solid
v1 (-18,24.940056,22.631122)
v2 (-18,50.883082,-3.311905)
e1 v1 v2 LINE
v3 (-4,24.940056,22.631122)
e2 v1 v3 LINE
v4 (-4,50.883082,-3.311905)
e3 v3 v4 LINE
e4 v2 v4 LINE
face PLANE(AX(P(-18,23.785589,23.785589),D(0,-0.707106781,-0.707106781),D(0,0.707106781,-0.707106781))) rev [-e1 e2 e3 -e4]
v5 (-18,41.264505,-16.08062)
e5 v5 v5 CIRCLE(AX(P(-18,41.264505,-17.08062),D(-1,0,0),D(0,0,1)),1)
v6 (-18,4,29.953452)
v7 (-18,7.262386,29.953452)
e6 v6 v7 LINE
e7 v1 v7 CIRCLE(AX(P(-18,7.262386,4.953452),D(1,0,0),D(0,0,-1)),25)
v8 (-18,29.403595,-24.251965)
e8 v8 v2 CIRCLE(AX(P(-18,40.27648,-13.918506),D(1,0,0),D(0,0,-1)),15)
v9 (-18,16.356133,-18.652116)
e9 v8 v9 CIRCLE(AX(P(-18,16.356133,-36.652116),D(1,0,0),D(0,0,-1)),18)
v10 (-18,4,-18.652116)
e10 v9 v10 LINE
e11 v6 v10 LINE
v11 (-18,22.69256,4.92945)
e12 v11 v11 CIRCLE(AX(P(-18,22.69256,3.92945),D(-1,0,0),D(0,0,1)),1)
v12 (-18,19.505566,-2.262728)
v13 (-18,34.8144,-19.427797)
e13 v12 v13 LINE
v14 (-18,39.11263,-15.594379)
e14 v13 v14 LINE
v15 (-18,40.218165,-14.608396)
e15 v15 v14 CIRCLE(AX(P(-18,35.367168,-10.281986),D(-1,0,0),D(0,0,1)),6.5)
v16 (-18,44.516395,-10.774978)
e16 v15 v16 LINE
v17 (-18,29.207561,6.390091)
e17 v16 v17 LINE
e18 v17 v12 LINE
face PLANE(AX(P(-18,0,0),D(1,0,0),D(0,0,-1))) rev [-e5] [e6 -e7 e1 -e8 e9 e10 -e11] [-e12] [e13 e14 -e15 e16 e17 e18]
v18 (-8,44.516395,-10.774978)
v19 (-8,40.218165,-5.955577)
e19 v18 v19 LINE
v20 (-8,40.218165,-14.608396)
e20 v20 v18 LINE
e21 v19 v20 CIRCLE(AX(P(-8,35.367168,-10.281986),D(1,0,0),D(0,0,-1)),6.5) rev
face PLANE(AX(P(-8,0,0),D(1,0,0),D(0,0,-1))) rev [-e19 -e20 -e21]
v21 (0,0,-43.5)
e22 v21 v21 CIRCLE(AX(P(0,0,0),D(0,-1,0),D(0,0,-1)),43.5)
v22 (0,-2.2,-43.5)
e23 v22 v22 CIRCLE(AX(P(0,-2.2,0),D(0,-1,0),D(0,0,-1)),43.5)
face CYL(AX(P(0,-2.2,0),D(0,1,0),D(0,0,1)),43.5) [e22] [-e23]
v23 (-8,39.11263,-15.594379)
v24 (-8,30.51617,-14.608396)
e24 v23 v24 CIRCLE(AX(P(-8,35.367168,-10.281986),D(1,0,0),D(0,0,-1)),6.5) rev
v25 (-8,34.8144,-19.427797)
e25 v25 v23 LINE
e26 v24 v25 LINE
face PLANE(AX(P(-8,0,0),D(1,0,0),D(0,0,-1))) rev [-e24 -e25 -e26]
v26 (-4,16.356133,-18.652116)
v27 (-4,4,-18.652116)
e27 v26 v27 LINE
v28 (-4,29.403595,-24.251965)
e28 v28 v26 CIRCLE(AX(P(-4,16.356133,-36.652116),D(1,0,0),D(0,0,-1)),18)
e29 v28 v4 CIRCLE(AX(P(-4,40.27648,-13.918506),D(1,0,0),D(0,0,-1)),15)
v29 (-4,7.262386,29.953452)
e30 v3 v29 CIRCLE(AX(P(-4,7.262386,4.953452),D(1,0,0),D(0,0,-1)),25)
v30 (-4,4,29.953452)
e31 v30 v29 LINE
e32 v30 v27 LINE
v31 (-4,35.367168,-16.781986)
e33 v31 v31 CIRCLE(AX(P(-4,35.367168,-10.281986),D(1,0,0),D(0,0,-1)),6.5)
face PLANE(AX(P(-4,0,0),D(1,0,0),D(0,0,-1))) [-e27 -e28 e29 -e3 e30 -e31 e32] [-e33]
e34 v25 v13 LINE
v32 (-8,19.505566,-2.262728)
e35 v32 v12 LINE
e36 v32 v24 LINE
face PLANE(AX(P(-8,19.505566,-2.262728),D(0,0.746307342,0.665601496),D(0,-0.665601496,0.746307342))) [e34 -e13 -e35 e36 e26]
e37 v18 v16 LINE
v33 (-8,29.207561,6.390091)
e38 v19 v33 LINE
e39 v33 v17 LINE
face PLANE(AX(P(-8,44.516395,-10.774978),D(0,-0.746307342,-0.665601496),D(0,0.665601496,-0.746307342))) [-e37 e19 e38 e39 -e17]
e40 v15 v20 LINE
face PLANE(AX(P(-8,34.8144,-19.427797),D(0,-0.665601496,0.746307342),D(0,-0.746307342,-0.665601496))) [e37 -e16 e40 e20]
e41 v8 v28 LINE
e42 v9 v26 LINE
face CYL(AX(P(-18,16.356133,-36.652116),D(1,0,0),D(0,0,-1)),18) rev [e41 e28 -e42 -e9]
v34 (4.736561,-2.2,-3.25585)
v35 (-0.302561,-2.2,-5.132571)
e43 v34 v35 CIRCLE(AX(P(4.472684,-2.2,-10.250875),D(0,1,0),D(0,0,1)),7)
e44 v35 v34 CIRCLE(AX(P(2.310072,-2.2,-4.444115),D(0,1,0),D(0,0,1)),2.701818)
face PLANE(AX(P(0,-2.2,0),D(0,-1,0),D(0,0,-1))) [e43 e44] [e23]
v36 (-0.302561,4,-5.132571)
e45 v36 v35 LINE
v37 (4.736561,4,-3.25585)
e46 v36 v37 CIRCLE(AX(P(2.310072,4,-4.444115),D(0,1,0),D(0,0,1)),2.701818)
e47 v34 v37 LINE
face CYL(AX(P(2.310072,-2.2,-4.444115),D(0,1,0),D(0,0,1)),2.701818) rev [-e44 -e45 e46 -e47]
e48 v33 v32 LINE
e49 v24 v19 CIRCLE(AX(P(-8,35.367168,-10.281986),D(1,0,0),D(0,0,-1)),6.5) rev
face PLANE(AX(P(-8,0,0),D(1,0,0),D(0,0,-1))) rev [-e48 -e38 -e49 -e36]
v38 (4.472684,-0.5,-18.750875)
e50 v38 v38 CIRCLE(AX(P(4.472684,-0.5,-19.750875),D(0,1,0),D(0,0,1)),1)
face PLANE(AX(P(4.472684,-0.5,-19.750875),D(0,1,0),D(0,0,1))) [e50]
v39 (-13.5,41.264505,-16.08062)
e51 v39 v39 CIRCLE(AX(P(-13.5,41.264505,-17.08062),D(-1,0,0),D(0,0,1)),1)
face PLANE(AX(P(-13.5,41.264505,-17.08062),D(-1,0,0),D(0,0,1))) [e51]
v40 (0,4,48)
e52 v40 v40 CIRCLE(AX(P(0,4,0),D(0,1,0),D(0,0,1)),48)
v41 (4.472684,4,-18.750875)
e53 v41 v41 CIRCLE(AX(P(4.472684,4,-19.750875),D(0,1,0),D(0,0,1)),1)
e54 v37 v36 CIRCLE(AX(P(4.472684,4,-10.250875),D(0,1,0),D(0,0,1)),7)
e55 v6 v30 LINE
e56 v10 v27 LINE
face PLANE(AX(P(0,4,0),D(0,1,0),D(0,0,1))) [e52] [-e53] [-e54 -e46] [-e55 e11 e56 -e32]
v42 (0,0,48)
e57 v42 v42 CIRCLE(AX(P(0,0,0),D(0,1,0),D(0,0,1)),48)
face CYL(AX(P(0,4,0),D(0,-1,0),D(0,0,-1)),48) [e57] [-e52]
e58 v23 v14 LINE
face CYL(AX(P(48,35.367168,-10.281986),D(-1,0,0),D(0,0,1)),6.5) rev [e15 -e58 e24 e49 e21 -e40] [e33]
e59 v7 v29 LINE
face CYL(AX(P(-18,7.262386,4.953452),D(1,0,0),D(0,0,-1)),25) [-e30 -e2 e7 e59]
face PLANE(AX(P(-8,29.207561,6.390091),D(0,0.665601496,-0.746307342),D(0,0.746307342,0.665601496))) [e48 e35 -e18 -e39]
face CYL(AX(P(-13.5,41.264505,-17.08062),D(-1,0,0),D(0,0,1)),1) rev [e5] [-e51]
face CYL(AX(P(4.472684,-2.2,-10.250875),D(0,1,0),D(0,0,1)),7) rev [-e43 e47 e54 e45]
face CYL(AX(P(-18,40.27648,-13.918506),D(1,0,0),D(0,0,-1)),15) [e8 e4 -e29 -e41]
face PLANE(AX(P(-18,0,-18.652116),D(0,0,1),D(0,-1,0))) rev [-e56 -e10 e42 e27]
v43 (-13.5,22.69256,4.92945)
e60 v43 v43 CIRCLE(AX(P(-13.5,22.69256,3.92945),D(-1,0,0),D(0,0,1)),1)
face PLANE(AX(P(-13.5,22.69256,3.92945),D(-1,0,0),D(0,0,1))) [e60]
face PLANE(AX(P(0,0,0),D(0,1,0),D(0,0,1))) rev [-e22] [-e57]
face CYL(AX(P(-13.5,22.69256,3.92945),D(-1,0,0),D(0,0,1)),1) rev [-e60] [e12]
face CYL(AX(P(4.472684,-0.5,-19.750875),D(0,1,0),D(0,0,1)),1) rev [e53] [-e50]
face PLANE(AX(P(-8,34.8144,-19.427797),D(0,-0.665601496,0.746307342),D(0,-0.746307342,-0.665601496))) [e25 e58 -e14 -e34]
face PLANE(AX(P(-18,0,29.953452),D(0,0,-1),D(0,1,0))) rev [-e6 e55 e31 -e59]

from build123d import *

# Parameters (mm, degrees)
SKETCH2_R           = 48
BOSS_EXTRUDE1_DEPTH = 4
BOSS_EXTRUDE2_DEPTH = 14
SKETCH31_R          = 6.5
CUT_EXTRUDE18_DEPTH = 96.977067922
CUT_EXTRUDE19_DEPTH = 10
SKETCH32_R          = 1
CUT_EXTRUDE20_DEPTH = 4.5
SKETCH33_R          = 43.5
BOSS_EXTRUDE3_DEPTH = 2.2
SKETCH35_R          = 7
CUT_EXTRUDE22_DEPTH = 93.968532394
SKETCH36_R          = 2.701818283
CUT_EXTRUDE24_DEPTH = 86.072189458
SKETCH37_R          = 1
CUT_EXTRUDE25_DEPTH = 4.5


with BuildPart() as part:
    # Sketch2 → Boss-Extrude1 (new body)
    with BuildSketch(Plane(origin=(0, 0, 0), x_dir=(1, 0, 0), z_dir=(0, 1, 0))):
        Circle(SKETCH2_R)
    extrude(amount=BOSS_EXTRUDE1_DEPTH)

    # Sketch7 → Boss-Extrude2 (add)
    with BuildSketch(Plane(origin=(-4, 0, 0), x_dir=(0, 0, -1), z_dir=(1, 0, 0))):
        with BuildLine():
            Line((18.652115716, 4), (18.652115716, 16.356133126))
            ThreePointArc((18.652115716, 16.356133126), (20.111216245, 23.455333411), (24.251965127, 29.403595153))
            ThreePointArc((24.251965127, 29.403595153), (24.659117989, 50.747356958), (3.311904584, 50.883081894))
            Line((3.311904584, 50.883081894), (-22.631121669, 24.94005564))
            ThreePointArc((-22.631121669, 24.94005564), (-28.050440452, 16.82947192), (-29.95345214, 7.262386111))
            Line((-29.95345214, 7.262386111), (-29.95345214, 4))
            Line((-29.95345214, 4), (18.652115716, 4))
        make_face()
    extrude(amount=-BOSS_EXTRUDE2_DEPTH)

    # Sketch31 → Cut-Extrude18 (cut, through all)
    with BuildSketch(Plane(origin=(-18, 10.461755651, -5.359516796), x_dir=(0, 0, 1), z_dir=(-1, 0, 0))):
        with Locations((-4.922469695, 24.905412087)):
            Circle(SKETCH31_R)
    extrude(amount=-CUT_EXTRUDE18_DEPTH, mode=Mode.SUBTRACT)

    # Sketch31<3> → Cut-Extrude19 (cut)
    with BuildSketch(Plane(origin=(-18, 10.461755651, -5.359516796), x_dir=(0, 0, 1), z_dir=(-1, 0, 0))):
        Polygon((-5.41546104, 34.054639751), (11.74960782, 18.74580534), (3.09678837, 9.043809897), (-14.06828049, 24.352644308), align=None)
    extrude(amount=-CUT_EXTRUDE19_DEPTH, mode=Mode.SUBTRACT)

    # Sketch32 → Cut-Extrude20 (cut)
    with BuildSketch(Plane.ZY.offset(18)):
        with Locations((-17.080620038, 41.264504586)):
            Circle(SKETCH32_R)
        with Locations((3.929449654, 22.692559529)):
            Circle(SKETCH32_R)
    extrude(amount=-CUT_EXTRUDE20_DEPTH, mode=Mode.SUBTRACT)

    # Sketch33 → Boss-Extrude3 (add)
    with BuildSketch(Plane.XZ):
        Circle(SKETCH33_R)
    extrude(amount=BOSS_EXTRUDE3_DEPTH)

    # Sketch35 → Cut-Extrude22 (cut, through all)
    with BuildSketch(Plane(origin=(-3.192833023, 4, -10.250875044), x_dir=(1, 0, 0), z_dir=(0, 1, 0))):
        with Locations((7.665516898, 0)):
            Circle(SKETCH35_R)
    extrude(amount=-CUT_EXTRUDE22_DEPTH, mode=Mode.SUBTRACT)

    # Sketch36 → Cut-Extrude24 (cut, through all)
    with BuildSketch(Plane(origin=(0, 4, 0), x_dir=(1, 0, 0), z_dir=(0, 1, 0))):
        with Locations((2.310071728, 4.444115209)):
            Circle(SKETCH36_R)
    extrude(amount=-CUT_EXTRUDE24_DEPTH, mode=Mode.SUBTRACT)

    # Sketch37 → Cut-Extrude25 (cut)
    with BuildSketch(Plane(origin=(0, 4, 0), x_dir=(1, 0, 0), z_dir=(0, 1, 0))):
        with Locations((4.472683875, 19.750875044)):
            Circle(SKETCH37_R)
    extrude(amount=-CUT_EXTRUDE25_DEPTH, mode=Mode.SUBTRACT)


solid = part.part
